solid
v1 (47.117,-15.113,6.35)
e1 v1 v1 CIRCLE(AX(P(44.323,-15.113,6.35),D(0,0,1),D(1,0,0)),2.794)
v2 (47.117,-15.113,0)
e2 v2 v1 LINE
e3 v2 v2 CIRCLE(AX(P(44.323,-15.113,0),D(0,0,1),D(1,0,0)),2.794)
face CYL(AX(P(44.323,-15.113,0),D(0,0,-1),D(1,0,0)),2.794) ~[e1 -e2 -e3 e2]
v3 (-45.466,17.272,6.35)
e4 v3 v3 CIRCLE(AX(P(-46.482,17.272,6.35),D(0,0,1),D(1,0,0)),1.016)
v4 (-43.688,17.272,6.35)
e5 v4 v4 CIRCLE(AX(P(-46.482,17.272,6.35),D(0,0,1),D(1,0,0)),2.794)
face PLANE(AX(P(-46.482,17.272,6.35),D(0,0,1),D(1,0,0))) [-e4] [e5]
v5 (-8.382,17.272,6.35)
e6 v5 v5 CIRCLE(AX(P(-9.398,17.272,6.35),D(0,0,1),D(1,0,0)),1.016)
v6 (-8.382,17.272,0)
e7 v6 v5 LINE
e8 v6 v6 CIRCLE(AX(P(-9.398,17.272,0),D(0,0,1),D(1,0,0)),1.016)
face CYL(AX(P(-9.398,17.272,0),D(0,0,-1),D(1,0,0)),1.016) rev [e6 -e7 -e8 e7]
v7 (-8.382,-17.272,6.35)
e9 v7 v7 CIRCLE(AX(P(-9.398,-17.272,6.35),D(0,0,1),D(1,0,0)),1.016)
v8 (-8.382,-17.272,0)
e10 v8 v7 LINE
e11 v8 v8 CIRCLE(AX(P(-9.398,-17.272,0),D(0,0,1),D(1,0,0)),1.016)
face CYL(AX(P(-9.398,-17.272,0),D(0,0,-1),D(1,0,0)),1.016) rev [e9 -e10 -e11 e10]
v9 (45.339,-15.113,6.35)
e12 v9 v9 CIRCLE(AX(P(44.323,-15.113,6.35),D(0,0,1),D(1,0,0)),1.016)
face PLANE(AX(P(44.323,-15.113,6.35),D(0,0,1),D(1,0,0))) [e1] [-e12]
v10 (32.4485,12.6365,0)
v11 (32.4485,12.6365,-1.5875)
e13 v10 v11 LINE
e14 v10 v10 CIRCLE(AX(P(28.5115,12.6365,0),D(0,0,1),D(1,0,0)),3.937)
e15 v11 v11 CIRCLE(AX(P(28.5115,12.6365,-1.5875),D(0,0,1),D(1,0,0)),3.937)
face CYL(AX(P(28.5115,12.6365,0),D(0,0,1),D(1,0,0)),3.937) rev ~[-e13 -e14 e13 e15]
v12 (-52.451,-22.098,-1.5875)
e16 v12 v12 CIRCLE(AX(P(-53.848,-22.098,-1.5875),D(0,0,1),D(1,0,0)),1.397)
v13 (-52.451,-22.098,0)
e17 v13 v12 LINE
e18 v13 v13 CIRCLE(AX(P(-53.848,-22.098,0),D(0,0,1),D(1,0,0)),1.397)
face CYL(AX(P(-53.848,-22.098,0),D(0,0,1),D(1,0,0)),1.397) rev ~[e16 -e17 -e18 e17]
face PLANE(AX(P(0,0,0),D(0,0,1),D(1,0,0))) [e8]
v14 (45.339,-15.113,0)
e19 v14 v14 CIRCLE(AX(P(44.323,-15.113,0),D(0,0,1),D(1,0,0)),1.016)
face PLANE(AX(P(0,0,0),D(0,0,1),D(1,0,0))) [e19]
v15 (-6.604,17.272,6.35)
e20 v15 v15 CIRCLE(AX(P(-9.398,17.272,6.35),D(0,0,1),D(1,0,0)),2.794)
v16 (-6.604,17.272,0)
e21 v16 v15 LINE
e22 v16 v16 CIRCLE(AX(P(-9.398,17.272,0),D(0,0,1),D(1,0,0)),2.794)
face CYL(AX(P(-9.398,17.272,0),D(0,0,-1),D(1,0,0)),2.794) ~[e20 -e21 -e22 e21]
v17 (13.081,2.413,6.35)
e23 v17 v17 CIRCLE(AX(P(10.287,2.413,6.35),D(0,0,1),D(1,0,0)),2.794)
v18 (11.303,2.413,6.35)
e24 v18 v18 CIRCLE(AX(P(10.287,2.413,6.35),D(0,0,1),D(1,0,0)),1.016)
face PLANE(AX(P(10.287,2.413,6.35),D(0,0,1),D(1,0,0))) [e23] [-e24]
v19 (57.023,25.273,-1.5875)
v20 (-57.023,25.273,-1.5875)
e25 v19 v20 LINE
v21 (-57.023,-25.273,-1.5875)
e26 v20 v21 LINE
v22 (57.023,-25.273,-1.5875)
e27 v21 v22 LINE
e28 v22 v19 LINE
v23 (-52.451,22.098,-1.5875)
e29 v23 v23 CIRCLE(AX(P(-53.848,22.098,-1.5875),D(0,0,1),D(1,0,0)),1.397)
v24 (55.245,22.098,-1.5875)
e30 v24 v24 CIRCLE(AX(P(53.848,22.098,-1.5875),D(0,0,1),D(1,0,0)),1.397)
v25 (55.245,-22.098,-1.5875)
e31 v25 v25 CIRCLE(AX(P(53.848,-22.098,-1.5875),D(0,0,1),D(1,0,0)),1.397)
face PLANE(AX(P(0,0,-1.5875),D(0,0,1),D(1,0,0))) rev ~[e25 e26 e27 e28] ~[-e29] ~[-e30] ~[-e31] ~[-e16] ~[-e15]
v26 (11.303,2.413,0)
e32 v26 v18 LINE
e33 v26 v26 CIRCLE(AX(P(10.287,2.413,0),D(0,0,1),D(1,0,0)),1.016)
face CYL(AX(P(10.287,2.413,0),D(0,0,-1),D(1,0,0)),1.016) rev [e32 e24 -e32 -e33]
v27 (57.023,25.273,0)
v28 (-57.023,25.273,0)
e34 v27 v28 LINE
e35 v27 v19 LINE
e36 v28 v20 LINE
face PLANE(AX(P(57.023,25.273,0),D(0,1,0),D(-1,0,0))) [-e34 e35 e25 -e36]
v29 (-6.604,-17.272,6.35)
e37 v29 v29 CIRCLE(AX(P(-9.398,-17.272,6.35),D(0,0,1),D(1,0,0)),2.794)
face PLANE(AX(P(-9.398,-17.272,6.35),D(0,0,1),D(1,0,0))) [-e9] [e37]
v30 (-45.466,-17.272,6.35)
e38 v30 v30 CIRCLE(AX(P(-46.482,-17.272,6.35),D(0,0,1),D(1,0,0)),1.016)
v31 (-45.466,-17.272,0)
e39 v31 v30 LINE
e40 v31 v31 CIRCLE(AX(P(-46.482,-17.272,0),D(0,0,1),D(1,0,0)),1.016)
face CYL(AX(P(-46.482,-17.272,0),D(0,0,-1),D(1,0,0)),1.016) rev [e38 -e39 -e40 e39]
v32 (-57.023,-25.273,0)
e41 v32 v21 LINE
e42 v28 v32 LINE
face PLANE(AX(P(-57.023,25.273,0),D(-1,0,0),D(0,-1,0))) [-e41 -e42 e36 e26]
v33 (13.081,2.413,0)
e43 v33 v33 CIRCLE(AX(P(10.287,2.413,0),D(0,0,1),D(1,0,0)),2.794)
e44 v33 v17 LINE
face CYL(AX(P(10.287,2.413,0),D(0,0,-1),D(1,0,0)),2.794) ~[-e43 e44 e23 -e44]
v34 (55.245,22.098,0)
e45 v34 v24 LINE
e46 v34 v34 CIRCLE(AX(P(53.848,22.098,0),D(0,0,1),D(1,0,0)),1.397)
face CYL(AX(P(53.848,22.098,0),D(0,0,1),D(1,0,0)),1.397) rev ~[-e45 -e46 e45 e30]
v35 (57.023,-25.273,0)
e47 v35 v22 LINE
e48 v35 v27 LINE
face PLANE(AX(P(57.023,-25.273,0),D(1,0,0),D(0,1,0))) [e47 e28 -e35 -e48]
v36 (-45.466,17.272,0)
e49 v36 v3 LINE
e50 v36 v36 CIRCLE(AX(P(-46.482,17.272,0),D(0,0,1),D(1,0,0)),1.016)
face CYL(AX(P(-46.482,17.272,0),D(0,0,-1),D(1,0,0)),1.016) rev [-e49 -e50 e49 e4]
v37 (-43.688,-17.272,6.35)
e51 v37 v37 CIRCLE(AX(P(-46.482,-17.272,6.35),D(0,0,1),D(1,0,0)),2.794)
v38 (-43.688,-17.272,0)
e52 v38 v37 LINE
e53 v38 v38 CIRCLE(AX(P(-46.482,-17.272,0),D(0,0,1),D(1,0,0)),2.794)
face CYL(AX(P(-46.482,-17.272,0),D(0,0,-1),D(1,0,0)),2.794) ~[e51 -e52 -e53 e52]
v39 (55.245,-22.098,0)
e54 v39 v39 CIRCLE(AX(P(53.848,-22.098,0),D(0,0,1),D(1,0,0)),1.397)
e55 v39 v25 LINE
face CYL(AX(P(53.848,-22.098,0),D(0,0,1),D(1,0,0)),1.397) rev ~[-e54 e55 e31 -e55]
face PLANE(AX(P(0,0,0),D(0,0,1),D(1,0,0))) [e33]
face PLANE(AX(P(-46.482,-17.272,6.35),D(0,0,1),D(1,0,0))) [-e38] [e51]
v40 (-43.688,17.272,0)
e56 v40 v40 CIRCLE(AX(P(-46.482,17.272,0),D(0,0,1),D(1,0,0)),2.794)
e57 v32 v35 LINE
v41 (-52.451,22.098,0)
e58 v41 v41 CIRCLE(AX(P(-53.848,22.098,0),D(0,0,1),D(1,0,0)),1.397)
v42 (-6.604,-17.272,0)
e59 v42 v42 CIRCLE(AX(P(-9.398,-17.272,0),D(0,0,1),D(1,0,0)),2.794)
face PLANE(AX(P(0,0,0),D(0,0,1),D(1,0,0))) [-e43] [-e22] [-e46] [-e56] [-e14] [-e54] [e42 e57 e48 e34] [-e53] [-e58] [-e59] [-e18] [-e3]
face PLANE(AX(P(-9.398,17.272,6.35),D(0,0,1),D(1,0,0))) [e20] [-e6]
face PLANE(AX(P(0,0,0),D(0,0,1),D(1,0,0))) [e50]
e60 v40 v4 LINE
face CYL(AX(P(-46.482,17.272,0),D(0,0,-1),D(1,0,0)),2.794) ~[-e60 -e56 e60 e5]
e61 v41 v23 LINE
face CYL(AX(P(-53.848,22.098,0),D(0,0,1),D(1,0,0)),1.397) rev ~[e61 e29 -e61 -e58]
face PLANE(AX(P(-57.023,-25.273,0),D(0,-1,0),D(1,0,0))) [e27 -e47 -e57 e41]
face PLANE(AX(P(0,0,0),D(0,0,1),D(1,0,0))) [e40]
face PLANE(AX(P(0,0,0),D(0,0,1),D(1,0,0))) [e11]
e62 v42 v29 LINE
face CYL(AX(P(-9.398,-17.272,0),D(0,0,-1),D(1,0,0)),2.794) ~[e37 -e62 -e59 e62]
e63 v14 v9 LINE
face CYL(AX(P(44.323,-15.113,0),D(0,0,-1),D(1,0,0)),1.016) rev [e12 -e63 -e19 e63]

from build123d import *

# Parameters (mm, degrees)
F0_R     = 1.397
F0_R_2   = 2.794
F0_R_3   = 3.937
F0_R_4   = 1.016
F1_DEPTH = 1.5875
F2_DEPTH = 6.35


with BuildPart() as f1:
    # F0 (on Top) → F1 (new body)
    with BuildSketch(Plane.XY):
        Polygon((53.848, -25.273), (57.023, -25.273), (57.023, -22.098), (57.023, 22.098), (57.023, 25.273), (53.848, 25.273), (-53.848, 25.273), (-57.023, 25.273), (-57.023, 22.098), (-57.023, -22.098), (-57.023, -25.273), (-53.848, -25.273), align=None)
        with Locations((-53.848, -22.098)):
            Circle(F0_R, mode=Mode.SUBTRACT)
        with Locations((-46.482, -17.272)):
            Circle(F0_R_2, mode=Mode.SUBTRACT)
        with Locations((-9.398, -17.272)):
            Circle(F0_R_2, mode=Mode.SUBTRACT)
        with Locations((53.848, -22.098)):
            Circle(F0_R, mode=Mode.SUBTRACT)
        with Locations((44.323, -15.113)):
            Circle(F0_R_2, mode=Mode.SUBTRACT)
        with Locations((-46.482, 17.272)):
            Circle(F0_R_2, mode=Mode.SUBTRACT)
        with Locations((-53.848, 22.098)):
            Circle(F0_R, mode=Mode.SUBTRACT)
        with Locations((-9.398, 17.272)):
            Circle(F0_R_2, mode=Mode.SUBTRACT)
        with Locations((10.287, 2.413)):
            Circle(F0_R_2, mode=Mode.SUBTRACT)
        with Locations((28.5115, 12.6365)):
            Circle(F0_R_3, mode=Mode.SUBTRACT)
        with Locations((53.848, 22.098)):
            Circle(F0_R, mode=Mode.SUBTRACT)
        with Locations((-9.398, 17.272)):
            Circle(F0_R_2)
        with Locations((-9.398, 17.272)):
            Circle(F0_R_4, mode=Mode.SUBTRACT)
        with Locations((-9.398, -17.272)):
            Circle(F0_R_2)
        with Locations((-9.398, -17.272)):
            Circle(F0_R_4, mode=Mode.SUBTRACT)
        with Locations((-46.482, -17.272)):
            Circle(F0_R_2)
        with Locations((-46.482, -17.272)):
            Circle(F0_R_4, mode=Mode.SUBTRACT)
        with Locations((-46.482, 17.272)):
            Circle(F0_R_2)
        with Locations((-46.482, 17.272)):
            Circle(F0_R_4, mode=Mode.SUBTRACT)
        with Locations((10.287, 2.413)):
            Circle(F0_R_2)
        with Locations((10.287, 2.413)):
            Circle(F0_R_4, mode=Mode.SUBTRACT)
        with Locations((44.323, -15.113)):
            Circle(F0_R_2)
        with Locations((44.323, -15.113)):
            Circle(F0_R_4, mode=Mode.SUBTRACT)
        with Locations((-9.398, 17.272)):
            Circle(F0_R_4)
        with Locations((-9.398, -17.272)):
            Circle(F0_R_4)
        with Locations((-46.482, -17.272)):
            Circle(F0_R_4)
        with Locations((-46.482, 17.272)):
            Circle(F0_R_4)
        with Locations((10.287, 2.413)):
            Circle(F0_R_4)
        with Locations((44.323, -15.113)):
            Circle(F0_R_4)
    extrude(amount=-F1_DEPTH)

    # F0 (on Top) → F2 (join)
    with BuildSketch(Plane.XY):
        with Locations((10.287, 2.413)):
            Circle(F0_R_2)
        with Locations((10.287, 2.413)):
            Circle(F0_R_4, mode=Mode.SUBTRACT)
        with Locations((44.323, -15.113)):
            Circle(F0_R_2)
        with Locations((44.323, -15.113)):
            Circle(F0_R_4, mode=Mode.SUBTRACT)
        with Locations((-9.398, -17.272)):
            Circle(F0_R_2)
        with Locations((-9.398, -17.272)):
            Circle(F0_R_4, mode=Mode.SUBTRACT)
        with Locations((-9.398, 17.272)):
            Circle(F0_R_2)
        with Locations((-9.398, 17.272)):
            Circle(F0_R_4, mode=Mode.SUBTRACT)
        with Locations((-46.482, 17.272)):
            Circle(F0_R_2)
        with Locations((-46.482, 17.272)):
            Circle(F0_R_4, mode=Mode.SUBTRACT)
        with Locations((-46.482, -17.272)):
            Circle(F0_R_2)
        with Locations((-46.482, -17.272)):
            Circle(F0_R_4, mode=Mode.SUBTRACT)
    extrude(amount=F2_DEPTH)


solid = f1.part
